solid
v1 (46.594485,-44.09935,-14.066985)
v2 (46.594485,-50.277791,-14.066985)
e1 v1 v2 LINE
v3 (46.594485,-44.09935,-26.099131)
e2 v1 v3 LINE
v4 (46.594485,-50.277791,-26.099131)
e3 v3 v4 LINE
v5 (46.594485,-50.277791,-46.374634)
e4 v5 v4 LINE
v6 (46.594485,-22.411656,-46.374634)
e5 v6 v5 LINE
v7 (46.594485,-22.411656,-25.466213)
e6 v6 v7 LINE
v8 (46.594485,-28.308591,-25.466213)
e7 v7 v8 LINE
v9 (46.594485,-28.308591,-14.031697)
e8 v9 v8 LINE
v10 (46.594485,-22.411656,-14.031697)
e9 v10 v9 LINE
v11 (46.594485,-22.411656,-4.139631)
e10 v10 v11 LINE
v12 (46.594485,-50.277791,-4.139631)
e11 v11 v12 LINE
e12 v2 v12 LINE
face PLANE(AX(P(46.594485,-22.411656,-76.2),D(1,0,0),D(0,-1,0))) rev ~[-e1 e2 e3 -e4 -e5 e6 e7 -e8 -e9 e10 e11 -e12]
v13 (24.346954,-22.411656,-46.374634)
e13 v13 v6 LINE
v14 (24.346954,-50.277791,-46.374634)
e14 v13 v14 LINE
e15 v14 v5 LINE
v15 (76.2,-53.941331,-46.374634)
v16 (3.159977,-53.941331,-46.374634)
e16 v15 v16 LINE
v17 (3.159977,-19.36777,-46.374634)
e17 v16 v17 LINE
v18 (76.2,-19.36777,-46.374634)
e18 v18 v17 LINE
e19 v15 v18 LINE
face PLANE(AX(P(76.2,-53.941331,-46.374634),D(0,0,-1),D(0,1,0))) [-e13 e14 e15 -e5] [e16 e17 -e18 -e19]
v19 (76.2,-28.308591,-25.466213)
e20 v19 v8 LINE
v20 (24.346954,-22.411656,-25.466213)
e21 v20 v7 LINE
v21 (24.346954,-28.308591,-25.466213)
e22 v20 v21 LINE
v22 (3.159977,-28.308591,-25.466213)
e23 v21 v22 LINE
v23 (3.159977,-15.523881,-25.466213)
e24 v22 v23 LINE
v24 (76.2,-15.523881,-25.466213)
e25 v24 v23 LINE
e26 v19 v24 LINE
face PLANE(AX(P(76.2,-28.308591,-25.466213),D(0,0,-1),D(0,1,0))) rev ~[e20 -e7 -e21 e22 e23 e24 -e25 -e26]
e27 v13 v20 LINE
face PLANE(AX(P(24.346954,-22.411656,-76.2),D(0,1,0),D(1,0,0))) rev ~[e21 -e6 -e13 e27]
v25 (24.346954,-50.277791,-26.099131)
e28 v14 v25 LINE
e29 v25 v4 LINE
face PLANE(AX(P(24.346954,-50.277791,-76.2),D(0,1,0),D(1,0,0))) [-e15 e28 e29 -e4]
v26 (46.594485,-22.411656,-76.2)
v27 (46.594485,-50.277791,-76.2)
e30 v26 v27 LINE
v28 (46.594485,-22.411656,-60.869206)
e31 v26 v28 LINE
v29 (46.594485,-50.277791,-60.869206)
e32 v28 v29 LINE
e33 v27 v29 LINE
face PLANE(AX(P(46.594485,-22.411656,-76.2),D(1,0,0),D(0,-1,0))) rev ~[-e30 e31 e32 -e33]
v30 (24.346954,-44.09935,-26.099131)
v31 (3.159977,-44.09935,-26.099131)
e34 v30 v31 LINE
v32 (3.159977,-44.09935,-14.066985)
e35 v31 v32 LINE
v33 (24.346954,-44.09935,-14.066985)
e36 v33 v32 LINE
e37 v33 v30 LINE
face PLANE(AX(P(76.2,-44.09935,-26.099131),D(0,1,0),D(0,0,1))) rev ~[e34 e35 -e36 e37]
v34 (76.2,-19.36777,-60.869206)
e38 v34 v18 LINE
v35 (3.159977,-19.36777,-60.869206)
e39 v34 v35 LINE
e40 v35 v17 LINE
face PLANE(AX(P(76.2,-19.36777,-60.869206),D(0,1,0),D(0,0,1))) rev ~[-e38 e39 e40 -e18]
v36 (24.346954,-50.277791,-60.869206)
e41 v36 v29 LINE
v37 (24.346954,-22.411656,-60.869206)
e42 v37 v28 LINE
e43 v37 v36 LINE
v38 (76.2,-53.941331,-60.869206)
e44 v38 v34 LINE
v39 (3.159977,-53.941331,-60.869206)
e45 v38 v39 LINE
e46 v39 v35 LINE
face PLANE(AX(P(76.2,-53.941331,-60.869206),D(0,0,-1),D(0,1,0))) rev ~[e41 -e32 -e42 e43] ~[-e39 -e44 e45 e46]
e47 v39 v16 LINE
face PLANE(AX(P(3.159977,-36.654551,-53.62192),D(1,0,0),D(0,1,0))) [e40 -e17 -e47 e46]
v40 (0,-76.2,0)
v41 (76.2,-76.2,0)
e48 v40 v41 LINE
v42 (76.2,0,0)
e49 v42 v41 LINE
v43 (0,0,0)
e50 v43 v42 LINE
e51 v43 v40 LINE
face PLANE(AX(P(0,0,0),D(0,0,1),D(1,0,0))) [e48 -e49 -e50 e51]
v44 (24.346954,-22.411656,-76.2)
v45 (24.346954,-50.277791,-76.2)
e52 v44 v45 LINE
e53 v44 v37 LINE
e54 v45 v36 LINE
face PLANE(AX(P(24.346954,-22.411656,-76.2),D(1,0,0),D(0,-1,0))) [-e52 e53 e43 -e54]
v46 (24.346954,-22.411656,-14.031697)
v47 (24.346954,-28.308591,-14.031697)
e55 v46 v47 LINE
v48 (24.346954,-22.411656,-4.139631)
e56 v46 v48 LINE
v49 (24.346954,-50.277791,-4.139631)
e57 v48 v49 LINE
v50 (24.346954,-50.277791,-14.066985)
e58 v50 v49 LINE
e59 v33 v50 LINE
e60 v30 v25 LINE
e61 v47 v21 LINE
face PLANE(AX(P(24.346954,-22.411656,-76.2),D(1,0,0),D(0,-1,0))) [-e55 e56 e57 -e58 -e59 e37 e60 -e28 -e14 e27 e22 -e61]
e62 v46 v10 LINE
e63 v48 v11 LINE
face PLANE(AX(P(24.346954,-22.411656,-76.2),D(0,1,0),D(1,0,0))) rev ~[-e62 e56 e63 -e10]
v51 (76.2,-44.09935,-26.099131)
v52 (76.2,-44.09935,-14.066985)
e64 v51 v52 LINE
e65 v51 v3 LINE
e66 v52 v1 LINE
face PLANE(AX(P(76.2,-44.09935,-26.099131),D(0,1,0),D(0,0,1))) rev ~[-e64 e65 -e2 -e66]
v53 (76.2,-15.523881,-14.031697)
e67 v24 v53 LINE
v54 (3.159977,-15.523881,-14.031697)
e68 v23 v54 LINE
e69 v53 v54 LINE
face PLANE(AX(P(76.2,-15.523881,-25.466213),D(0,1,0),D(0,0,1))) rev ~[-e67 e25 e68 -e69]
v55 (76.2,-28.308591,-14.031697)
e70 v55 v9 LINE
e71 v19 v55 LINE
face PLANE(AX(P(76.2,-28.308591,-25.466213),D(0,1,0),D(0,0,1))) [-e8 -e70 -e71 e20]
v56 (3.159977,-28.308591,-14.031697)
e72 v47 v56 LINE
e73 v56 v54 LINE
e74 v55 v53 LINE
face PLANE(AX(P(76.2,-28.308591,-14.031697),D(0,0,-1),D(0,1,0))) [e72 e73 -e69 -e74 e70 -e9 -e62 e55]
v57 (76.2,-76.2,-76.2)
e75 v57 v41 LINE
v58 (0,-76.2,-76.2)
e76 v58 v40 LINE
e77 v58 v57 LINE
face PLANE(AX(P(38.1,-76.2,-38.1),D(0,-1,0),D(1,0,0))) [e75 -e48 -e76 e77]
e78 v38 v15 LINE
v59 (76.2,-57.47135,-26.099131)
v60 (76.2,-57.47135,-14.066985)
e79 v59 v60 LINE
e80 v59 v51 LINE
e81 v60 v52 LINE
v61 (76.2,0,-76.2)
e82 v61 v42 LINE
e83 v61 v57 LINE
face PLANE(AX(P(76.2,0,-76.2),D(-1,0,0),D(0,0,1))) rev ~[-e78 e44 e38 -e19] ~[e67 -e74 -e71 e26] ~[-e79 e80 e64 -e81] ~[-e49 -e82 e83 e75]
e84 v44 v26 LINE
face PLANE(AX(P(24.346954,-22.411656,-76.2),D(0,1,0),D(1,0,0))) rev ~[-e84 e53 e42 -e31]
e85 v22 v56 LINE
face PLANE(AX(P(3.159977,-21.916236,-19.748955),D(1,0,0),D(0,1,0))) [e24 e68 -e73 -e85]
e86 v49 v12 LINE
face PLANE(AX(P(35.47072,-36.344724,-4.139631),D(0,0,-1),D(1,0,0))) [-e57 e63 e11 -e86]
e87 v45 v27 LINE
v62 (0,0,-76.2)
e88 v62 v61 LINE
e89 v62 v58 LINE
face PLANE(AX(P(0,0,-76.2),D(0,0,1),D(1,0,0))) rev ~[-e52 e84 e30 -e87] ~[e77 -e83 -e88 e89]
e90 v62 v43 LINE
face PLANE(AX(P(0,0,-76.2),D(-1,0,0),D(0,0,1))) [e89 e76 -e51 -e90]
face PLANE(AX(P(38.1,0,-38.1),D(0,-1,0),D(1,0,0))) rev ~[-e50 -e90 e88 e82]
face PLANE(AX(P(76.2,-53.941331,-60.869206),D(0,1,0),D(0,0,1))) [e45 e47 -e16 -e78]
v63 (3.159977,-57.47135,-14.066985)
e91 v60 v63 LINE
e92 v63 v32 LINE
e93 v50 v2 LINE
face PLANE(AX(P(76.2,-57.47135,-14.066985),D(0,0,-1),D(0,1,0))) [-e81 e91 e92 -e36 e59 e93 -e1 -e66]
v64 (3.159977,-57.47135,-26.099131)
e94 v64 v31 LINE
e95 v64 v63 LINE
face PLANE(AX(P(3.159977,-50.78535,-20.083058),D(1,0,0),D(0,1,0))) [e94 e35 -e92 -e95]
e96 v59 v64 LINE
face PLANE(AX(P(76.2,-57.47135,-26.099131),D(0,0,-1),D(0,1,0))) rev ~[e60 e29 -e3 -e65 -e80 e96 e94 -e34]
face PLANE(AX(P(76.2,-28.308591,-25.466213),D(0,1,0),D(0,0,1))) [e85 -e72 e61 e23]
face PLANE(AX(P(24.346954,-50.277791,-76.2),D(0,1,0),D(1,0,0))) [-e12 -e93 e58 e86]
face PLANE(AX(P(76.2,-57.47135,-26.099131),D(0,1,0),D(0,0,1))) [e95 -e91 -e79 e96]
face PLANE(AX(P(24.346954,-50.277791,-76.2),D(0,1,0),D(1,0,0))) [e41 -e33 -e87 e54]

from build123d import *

# Parameters (mm, degrees)
F0_W     = 76.2
F0_H     = 76.2
F1_DEPTH = 76.2
F2_W     = 12.78471
F2_H     = 11.434516
F2_W_2   = 13.372
F2_H_2   = 12.032146
F2_W_3   = 34.573561
F2_H_3   = 14.494572
F4_DEPTH = 73.040023
F3_W     = 22.247531
F3_H     = 27.866135
F5_DEPTH = 72.060369


with BuildPart() as f1:
    # F0 (on Front) → F1 (new body)
    with BuildSketch(Plane.XZ):
        with Locations((38.1, -38.1)):
            Rectangle(F0_W, F0_H)
    extrude(amount=F1_DEPTH)

    # F2 (on face) → F4 (cut)
    with BuildSketch(Plane.YZ.offset(76.2)):
        with Locations((-21.916236, -19.748955)):
            Rectangle(F2_W, F2_H)
        with Locations((-50.78535, -20.083058)):
            Rectangle(F2_W_2, F2_H_2)
        with Locations((-36.654551, -53.62192)):
            Rectangle(F2_W_3, F2_H_3)
    extrude(amount=-F4_DEPTH, mode=Mode.SUBTRACT)

    # F3 (on face) → F5 (cut)
    with BuildSketch(Plane(origin=(0, 0, -76.2), x_dir=(1, 0, 0), z_dir=(0, 0, -1))):
        with Locations((35.47072, 36.344724)):
            Rectangle(F3_W, F3_H)
    extrude(amount=-F5_DEPTH, mode=Mode.SUBTRACT)


solid = f1.part
